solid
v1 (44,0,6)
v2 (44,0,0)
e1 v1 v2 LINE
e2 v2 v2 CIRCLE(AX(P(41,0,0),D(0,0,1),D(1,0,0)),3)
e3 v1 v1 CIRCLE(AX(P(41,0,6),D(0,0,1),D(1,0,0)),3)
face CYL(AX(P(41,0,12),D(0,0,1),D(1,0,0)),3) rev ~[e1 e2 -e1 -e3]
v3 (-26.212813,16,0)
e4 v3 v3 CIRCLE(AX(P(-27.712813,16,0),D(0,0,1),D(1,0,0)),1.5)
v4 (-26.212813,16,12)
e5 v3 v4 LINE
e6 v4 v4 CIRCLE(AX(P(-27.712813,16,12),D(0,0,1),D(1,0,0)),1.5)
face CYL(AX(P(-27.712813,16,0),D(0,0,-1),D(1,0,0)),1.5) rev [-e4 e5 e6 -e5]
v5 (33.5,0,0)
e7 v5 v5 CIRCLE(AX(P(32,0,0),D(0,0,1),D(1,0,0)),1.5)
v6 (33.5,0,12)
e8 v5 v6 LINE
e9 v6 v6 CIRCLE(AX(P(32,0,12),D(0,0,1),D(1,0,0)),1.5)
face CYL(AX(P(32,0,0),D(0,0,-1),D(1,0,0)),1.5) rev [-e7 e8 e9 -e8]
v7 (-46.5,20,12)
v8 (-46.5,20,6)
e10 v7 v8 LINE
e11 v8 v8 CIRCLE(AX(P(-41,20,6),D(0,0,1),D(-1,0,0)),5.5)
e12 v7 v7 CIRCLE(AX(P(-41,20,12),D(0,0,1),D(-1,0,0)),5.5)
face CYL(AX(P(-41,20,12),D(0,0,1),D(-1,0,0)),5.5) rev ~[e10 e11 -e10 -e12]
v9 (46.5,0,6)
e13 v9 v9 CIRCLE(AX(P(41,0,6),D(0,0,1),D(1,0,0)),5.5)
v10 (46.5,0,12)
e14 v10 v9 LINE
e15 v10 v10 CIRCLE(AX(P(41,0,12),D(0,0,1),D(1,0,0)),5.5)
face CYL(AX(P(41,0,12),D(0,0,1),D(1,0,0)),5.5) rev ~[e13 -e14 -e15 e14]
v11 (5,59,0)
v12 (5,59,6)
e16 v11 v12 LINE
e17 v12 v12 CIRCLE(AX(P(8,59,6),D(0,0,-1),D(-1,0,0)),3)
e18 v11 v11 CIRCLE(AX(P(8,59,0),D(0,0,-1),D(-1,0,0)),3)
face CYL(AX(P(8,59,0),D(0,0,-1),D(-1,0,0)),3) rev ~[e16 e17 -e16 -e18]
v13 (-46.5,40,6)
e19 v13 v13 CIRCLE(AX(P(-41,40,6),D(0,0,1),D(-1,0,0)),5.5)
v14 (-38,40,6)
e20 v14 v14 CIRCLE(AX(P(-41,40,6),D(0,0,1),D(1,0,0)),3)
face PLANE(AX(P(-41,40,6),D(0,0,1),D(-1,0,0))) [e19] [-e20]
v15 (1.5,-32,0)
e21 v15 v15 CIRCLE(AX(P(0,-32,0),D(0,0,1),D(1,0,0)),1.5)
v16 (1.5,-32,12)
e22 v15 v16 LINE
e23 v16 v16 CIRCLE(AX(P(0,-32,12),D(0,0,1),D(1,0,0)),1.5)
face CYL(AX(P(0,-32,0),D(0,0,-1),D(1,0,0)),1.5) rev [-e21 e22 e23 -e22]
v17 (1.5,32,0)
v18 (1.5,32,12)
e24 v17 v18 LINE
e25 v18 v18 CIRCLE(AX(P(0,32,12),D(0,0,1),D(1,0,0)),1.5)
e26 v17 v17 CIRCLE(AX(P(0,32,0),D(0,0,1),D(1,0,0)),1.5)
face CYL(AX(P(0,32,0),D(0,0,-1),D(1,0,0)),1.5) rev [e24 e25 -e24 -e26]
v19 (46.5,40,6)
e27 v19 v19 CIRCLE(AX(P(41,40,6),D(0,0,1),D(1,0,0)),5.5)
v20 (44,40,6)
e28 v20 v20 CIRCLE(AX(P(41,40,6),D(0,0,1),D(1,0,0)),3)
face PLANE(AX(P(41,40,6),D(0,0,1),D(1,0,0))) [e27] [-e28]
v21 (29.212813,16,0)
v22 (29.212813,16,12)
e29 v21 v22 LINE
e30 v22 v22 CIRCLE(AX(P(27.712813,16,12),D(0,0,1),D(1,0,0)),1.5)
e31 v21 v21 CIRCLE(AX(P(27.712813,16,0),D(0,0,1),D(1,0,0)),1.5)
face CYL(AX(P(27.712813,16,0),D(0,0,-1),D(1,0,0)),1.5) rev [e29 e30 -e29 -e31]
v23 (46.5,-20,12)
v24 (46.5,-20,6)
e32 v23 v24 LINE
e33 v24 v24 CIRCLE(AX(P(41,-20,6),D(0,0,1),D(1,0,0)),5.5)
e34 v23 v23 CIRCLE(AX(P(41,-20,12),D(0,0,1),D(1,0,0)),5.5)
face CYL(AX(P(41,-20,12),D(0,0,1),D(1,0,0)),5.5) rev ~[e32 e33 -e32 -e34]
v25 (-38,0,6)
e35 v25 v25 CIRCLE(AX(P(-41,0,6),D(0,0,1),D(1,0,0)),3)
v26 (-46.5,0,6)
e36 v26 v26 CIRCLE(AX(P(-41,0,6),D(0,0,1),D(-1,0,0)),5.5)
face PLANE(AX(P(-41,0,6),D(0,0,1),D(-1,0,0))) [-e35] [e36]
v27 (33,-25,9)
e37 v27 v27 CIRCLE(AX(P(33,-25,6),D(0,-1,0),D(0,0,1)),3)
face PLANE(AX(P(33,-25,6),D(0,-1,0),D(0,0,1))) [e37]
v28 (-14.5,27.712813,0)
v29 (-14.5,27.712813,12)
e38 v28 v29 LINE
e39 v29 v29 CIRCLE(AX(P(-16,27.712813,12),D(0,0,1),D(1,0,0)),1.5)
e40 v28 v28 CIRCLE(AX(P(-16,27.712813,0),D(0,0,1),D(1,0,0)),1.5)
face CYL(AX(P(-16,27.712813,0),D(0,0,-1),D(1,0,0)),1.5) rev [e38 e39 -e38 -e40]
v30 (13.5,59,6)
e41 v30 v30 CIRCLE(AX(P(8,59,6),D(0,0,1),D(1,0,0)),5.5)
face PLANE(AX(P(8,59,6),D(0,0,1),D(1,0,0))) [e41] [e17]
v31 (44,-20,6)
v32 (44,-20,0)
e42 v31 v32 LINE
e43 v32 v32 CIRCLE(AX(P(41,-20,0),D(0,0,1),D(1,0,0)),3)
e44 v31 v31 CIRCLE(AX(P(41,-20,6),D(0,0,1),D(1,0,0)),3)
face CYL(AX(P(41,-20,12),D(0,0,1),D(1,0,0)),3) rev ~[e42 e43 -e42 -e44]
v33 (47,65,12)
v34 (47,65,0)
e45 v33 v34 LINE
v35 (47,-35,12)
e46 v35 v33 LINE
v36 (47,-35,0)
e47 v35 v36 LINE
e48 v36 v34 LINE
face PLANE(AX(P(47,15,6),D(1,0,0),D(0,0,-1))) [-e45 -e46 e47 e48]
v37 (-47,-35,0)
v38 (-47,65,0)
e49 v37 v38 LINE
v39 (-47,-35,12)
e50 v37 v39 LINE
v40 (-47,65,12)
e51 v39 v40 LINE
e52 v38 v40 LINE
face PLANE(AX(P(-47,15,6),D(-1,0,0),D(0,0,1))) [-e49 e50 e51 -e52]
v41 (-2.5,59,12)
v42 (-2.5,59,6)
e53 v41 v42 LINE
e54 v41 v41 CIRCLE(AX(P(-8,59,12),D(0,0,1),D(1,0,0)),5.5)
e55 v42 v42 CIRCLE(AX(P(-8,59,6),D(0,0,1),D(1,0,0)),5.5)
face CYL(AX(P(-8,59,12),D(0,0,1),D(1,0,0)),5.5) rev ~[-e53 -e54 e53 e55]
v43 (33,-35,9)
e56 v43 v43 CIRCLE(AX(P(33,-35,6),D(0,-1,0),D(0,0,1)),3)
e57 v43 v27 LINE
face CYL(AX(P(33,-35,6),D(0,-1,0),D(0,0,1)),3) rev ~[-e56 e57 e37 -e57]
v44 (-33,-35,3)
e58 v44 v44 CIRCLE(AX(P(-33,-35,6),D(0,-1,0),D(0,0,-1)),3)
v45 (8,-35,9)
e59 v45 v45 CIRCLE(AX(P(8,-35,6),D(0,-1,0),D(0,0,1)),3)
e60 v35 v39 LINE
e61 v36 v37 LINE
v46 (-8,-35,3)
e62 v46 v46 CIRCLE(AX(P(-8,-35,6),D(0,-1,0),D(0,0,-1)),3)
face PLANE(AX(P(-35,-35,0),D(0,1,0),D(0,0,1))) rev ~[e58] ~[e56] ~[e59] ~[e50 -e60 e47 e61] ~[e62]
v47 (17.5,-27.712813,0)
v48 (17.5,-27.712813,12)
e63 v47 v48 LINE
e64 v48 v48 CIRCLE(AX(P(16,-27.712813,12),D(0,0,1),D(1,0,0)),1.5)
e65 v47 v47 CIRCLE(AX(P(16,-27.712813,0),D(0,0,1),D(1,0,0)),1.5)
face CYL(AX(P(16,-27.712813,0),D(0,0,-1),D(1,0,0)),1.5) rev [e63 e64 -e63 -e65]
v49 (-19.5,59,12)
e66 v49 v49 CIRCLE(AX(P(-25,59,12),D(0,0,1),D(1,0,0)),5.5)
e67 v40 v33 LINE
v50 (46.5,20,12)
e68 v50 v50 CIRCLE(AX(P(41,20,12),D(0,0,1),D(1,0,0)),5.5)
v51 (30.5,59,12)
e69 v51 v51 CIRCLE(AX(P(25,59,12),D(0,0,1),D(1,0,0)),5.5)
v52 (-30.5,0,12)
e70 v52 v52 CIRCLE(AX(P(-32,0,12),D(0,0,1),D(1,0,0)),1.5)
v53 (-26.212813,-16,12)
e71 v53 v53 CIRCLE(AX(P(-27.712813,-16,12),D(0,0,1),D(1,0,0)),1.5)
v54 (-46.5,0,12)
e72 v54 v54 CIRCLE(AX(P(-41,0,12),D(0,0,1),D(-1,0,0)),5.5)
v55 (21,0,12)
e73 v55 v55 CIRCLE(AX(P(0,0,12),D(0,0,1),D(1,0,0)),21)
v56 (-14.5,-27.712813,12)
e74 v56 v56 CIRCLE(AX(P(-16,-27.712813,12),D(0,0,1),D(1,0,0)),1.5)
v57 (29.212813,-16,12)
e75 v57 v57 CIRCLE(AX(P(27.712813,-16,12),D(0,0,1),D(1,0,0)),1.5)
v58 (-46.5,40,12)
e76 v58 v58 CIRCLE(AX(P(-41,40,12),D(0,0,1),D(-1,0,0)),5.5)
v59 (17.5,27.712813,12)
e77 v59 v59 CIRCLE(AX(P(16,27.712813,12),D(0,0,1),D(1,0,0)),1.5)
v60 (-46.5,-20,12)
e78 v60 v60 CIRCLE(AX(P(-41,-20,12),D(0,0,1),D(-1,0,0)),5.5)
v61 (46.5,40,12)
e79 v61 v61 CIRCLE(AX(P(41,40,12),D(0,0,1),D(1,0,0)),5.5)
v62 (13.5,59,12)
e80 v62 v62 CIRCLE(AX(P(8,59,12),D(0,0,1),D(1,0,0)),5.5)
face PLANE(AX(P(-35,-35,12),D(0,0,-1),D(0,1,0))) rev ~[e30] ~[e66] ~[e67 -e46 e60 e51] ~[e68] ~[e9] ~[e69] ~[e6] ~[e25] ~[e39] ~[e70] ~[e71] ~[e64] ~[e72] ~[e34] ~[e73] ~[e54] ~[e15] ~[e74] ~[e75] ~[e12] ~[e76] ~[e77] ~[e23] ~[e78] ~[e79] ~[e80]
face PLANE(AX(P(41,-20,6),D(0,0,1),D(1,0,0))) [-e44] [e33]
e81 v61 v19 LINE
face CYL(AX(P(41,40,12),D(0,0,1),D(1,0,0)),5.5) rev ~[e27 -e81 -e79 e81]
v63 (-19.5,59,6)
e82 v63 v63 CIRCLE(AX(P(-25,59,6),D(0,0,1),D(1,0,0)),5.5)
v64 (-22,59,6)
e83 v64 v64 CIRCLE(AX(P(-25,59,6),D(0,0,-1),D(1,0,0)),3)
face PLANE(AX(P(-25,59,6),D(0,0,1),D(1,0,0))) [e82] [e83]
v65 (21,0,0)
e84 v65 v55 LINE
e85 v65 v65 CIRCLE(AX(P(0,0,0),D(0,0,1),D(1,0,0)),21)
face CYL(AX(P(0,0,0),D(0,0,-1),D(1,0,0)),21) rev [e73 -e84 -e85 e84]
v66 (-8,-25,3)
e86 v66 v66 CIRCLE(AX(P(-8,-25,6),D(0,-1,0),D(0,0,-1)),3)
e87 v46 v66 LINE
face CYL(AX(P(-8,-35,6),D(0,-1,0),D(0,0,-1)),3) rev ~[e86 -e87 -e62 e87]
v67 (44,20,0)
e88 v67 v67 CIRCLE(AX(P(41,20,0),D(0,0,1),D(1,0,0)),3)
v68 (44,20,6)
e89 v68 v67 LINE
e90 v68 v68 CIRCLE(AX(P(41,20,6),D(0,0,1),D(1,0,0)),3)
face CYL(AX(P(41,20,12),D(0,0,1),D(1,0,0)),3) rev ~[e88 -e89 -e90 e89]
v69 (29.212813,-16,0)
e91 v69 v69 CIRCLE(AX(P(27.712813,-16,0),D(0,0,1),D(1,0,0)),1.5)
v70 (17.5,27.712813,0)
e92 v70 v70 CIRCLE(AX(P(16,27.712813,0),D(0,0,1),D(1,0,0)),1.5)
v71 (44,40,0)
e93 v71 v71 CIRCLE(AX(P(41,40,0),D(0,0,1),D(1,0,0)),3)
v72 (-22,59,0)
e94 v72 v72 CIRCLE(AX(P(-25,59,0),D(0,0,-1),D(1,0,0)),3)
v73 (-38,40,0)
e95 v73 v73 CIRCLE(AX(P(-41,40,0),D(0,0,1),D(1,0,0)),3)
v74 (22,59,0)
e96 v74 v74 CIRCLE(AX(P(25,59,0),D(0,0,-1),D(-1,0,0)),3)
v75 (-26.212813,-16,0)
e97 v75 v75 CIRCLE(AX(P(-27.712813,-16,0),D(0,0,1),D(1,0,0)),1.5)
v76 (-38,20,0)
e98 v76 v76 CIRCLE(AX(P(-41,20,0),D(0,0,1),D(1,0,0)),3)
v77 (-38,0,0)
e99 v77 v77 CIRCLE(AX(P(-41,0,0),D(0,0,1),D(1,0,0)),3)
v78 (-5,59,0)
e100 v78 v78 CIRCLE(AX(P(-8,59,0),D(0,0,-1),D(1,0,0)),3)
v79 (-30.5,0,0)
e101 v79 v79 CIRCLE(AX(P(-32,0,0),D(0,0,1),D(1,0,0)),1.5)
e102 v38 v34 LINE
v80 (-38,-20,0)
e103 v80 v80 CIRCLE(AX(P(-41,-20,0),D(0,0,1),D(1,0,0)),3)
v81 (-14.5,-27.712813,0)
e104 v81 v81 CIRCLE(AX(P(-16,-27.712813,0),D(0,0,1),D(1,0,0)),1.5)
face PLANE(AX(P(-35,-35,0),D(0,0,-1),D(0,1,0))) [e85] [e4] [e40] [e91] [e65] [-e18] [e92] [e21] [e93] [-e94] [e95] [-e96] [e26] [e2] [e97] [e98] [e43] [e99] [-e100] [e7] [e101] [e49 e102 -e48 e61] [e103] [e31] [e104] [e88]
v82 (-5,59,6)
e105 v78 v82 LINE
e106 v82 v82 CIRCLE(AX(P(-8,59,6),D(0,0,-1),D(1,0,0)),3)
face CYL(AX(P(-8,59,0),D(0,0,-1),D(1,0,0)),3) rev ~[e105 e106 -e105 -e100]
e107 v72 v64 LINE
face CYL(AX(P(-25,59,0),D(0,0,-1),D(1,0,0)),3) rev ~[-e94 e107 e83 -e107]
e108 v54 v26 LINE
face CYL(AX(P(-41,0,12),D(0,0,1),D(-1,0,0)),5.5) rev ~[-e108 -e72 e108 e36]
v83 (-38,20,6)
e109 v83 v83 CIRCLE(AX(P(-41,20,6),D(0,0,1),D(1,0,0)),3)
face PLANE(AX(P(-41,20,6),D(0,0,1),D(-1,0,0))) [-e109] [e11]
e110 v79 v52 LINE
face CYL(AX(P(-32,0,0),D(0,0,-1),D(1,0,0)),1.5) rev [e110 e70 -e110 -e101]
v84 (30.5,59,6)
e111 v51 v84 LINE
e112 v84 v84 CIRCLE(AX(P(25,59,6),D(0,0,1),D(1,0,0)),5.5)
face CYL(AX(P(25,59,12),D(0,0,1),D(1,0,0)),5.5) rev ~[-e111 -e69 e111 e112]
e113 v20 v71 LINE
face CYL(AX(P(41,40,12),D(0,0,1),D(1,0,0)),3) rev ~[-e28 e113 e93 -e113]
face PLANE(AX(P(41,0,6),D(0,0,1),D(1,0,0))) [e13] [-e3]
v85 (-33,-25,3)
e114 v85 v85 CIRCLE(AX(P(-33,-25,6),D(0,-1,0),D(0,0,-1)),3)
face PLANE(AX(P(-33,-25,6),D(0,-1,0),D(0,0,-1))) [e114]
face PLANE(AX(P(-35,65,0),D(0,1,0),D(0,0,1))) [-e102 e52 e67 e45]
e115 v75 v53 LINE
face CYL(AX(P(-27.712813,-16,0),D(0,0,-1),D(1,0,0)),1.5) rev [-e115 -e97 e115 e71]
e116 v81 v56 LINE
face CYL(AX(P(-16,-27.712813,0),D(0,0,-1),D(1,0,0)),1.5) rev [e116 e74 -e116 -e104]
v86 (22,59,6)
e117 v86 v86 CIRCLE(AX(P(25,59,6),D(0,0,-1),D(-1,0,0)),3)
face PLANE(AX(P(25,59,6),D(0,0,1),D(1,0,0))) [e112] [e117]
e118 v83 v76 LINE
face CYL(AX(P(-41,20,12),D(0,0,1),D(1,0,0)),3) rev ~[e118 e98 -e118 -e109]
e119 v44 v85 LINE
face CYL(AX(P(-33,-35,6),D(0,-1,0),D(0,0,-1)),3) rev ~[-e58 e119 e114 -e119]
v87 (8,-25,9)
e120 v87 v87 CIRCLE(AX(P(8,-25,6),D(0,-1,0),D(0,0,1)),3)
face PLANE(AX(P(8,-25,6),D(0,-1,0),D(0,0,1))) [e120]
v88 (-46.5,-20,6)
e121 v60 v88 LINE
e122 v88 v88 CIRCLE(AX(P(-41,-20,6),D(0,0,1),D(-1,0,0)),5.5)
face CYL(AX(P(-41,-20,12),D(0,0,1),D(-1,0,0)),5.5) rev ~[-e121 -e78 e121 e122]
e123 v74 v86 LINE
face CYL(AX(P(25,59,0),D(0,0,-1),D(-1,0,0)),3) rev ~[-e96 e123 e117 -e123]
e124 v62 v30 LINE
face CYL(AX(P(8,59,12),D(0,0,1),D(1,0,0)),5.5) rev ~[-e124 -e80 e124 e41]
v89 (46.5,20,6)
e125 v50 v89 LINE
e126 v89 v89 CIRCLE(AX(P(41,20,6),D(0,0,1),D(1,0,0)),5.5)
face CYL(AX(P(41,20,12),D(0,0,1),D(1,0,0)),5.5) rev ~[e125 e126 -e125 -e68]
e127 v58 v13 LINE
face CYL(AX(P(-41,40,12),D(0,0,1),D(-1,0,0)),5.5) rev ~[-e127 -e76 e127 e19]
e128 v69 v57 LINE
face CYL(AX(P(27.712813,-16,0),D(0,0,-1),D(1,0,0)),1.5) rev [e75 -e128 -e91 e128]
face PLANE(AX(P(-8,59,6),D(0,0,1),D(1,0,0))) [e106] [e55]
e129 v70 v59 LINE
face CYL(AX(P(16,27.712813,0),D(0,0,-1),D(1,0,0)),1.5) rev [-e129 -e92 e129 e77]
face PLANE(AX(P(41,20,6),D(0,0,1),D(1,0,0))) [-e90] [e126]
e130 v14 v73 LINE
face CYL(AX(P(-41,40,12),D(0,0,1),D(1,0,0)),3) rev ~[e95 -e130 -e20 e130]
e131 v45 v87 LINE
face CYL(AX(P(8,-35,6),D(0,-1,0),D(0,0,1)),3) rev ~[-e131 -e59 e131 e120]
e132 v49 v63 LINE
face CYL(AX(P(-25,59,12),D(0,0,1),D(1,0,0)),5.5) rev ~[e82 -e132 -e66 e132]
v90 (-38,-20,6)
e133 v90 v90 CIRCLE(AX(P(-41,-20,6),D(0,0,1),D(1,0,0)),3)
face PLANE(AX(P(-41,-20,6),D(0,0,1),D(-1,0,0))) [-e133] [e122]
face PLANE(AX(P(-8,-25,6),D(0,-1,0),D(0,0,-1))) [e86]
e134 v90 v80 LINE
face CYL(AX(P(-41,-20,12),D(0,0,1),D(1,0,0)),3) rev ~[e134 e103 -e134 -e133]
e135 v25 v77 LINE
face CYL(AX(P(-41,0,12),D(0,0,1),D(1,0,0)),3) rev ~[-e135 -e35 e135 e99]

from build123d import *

# Parameters (mm, degrees)
SKETCH_1_W          = 70
SKETCH_1_H          = 70
SKETCH_1_R          = 21
SKETCH_1_R_2        = 1.5
EXTRUDE_1_DEPTH     = 12
SKETCH_3_W          = 70
SKETCH_3_H          = 12
EXTRUDE_2_DEPTH     = 30
SKETCH_4_R          = 3
CUT_EXTRUDE_2_DEPTH = 12
SKETCH_7_R          = 5.5
CUT_EXTRUDE_6_DEPTH = 6
SKETCH_8_W          = 12
SKETCH_8_H          = 100
EXTRUDE_3_DEPTH     = 12
SKETCH_11_W         = 12
SKETCH_11_H         = 100
EXTRUDE_4_DEPTH     = 12
SKETCH_12_R         = 3
CUT_EXTRUDE_7_DEPTH = 22
SKETCH_13_R         = 5.5
CUT_EXTRUDE_8_DEPTH = 6
SKETCH_14_R         = 3
CUT_EXTRUDE_9_DEPTH = 10


with BuildPart() as part:
    # 草图1 → 凸台-拉伸1 (new body)
    with BuildSketch(Plane.XY):
        Rectangle(SKETCH_1_W, SKETCH_1_H)
        Circle(SKETCH_1_R, mode=Mode.SUBTRACT)
        with Locations((32, 0)):
            Circle(SKETCH_1_R_2, mode=Mode.SUBTRACT)
        with Locations((27.712812921, -16)):
            Circle(SKETCH_1_R_2, mode=Mode.SUBTRACT)
        with Locations((16, -27.712812921)):
            Circle(SKETCH_1_R_2, mode=Mode.SUBTRACT)
        with Locations((0, -32)):
            Circle(SKETCH_1_R_2, mode=Mode.SUBTRACT)
        with Locations((-16, -27.712812921)):
            Circle(SKETCH_1_R_2, mode=Mode.SUBTRACT)
        with Locations((-27.712812921, -16)):
            Circle(SKETCH_1_R_2, mode=Mode.SUBTRACT)
        with Locations((-32, 0)):
            Circle(SKETCH_1_R_2, mode=Mode.SUBTRACT)
        with Locations((-27.712812921, 16)):
            Circle(SKETCH_1_R_2, mode=Mode.SUBTRACT)
        with Locations((-16, 27.712812921)):
            Circle(SKETCH_1_R_2, mode=Mode.SUBTRACT)
        with Locations((0, 32)):
            Circle(SKETCH_1_R_2, mode=Mode.SUBTRACT)
        with Locations((16, 27.712812921)):
            Circle(SKETCH_1_R_2, mode=Mode.SUBTRACT)
        with Locations((27.712812921, 16)):
            Circle(SKETCH_1_R_2, mode=Mode.SUBTRACT)
    extrude(amount=EXTRUDE_1_DEPTH)

    # 草图3 → 凸台-拉伸2 (add)
    with BuildSketch(Plane(origin=(0, 35, 0), x_dir=(1, 0, 0), z_dir=(0, 1, 0))):
        with Locations((0, -6)):
            Rectangle(SKETCH_3_W, SKETCH_3_H)
    extrude(amount=EXTRUDE_2_DEPTH)

    # 草图4 → 切除-拉伸2 (cut)
    with BuildSketch(Plane(origin=(0, 0, 0), x_dir=(-1, 0, 0), z_dir=(0, 0, -1))):
        with Locations((-25, 59)):
            Circle(SKETCH_4_R)
        with Locations((-8, 59)):
            Circle(SKETCH_4_R)
        with Locations(Location((25, 59, 0), (0, 0, 180))):
            Circle(SKETCH_4_R)
        with Locations(Location((8, 59, 0), (0, 0, 180))):
            Circle(SKETCH_4_R)
    extrude(amount=-CUT_EXTRUDE_2_DEPTH, mode=Mode.SUBTRACT)

    # 草图7 → 切除-拉伸6 (cut)
    with BuildSketch(Plane.XY.offset(12)):
        with Locations((-25, 59)):
            Circle(SKETCH_7_R)
        with Locations((-8, 59)):
            Circle(SKETCH_7_R)
        with Locations((8, 59)):
            Circle(SKETCH_7_R)
        with Locations((25, 59)):
            Circle(SKETCH_7_R)
    extrude(amount=-CUT_EXTRUDE_6_DEPTH, mode=Mode.SUBTRACT)

    # 草图8 → 凸台-拉伸3 (add)
    with BuildSketch(Plane(origin=(35, 0, 0), x_dir=(0, 0, -1), z_dir=(1, 0, 0))):
        with Locations((-6, 15)):
            Rectangle(SKETCH_8_W, SKETCH_8_H)
    extrude(amount=EXTRUDE_3_DEPTH)

    # 草图11 → 凸台-拉伸4 (add)
    with BuildSketch(Plane.ZY.offset(35)):
        with Locations((6, 15)):
            Rectangle(SKETCH_11_W, SKETCH_11_H)
    extrude(amount=EXTRUDE_4_DEPTH)

    # 草图12 → 切除-拉伸7 (cut)
    with BuildSketch(Plane.XY.offset(12)):
        with Locations((41, -20)):
            Circle(SKETCH_12_R)
        with Locations((41, 0)):
            Circle(SKETCH_12_R)
        with Locations((41, 20)):
            Circle(SKETCH_12_R)
        with Locations((41, 40)):
            Circle(SKETCH_12_R)
        with Locations((-41, -20)):
            Circle(SKETCH_12_R)
        with Locations((-41, 0)):
            Circle(SKETCH_12_R)
        with Locations((-41, 40)):
            Circle(SKETCH_12_R)
        with Locations((-41, 20)):
            Circle(SKETCH_12_R)
    extrude(amount=-CUT_EXTRUDE_7_DEPTH, mode=Mode.SUBTRACT)

    # 草图13 → 切除-拉伸8 (cut)
    with BuildSketch(Plane.XY.offset(12)):
        with Locations((41, 40)):
            Circle(SKETCH_13_R)
        with Locations((41, 20)):
            Circle(SKETCH_13_R)
        with Locations((41, 0)):
            Circle(SKETCH_13_R)
        with Locations(Location((-41, -20, 0), (0, 0, 180))):
            Circle(SKETCH_13_R)
        with Locations((41, -20)):
            Circle(SKETCH_13_R)
        with Locations(Location((-41, 0, 0), (0, 0, 180))):
            Circle(SKETCH_13_R)
        with Locations(Location((-41, 20, 0), (0, 0, 180))):
            Circle(SKETCH_13_R)
        with Locations(Location((-41, 40, 0), (0, 0, 180))):
            Circle(SKETCH_13_R)
    extrude(amount=-CUT_EXTRUDE_8_DEPTH, mode=Mode.SUBTRACT)

    # 草图14 → 切除-拉伸9 (cut)
    with BuildSketch(Plane.XZ.offset(35)):
        with Locations(Location((-33, 6, 0), (0, 0, 270))):
            Circle(SKETCH_14_R)
        with Locations(Location((-8, 6, 0), (0, 0, 270))):
            Circle(SKETCH_14_R)
        with Locations(Location((33, 6, 0), (0, 0, 90))):
            Circle(SKETCH_14_R)
        with Locations(Location((8, 6, 0), (0, 0, 90))):
            Circle(SKETCH_14_R)
    extrude(amount=-CUT_EXTRUDE_9_DEPTH, mode=Mode.SUBTRACT)


solid = part.part
